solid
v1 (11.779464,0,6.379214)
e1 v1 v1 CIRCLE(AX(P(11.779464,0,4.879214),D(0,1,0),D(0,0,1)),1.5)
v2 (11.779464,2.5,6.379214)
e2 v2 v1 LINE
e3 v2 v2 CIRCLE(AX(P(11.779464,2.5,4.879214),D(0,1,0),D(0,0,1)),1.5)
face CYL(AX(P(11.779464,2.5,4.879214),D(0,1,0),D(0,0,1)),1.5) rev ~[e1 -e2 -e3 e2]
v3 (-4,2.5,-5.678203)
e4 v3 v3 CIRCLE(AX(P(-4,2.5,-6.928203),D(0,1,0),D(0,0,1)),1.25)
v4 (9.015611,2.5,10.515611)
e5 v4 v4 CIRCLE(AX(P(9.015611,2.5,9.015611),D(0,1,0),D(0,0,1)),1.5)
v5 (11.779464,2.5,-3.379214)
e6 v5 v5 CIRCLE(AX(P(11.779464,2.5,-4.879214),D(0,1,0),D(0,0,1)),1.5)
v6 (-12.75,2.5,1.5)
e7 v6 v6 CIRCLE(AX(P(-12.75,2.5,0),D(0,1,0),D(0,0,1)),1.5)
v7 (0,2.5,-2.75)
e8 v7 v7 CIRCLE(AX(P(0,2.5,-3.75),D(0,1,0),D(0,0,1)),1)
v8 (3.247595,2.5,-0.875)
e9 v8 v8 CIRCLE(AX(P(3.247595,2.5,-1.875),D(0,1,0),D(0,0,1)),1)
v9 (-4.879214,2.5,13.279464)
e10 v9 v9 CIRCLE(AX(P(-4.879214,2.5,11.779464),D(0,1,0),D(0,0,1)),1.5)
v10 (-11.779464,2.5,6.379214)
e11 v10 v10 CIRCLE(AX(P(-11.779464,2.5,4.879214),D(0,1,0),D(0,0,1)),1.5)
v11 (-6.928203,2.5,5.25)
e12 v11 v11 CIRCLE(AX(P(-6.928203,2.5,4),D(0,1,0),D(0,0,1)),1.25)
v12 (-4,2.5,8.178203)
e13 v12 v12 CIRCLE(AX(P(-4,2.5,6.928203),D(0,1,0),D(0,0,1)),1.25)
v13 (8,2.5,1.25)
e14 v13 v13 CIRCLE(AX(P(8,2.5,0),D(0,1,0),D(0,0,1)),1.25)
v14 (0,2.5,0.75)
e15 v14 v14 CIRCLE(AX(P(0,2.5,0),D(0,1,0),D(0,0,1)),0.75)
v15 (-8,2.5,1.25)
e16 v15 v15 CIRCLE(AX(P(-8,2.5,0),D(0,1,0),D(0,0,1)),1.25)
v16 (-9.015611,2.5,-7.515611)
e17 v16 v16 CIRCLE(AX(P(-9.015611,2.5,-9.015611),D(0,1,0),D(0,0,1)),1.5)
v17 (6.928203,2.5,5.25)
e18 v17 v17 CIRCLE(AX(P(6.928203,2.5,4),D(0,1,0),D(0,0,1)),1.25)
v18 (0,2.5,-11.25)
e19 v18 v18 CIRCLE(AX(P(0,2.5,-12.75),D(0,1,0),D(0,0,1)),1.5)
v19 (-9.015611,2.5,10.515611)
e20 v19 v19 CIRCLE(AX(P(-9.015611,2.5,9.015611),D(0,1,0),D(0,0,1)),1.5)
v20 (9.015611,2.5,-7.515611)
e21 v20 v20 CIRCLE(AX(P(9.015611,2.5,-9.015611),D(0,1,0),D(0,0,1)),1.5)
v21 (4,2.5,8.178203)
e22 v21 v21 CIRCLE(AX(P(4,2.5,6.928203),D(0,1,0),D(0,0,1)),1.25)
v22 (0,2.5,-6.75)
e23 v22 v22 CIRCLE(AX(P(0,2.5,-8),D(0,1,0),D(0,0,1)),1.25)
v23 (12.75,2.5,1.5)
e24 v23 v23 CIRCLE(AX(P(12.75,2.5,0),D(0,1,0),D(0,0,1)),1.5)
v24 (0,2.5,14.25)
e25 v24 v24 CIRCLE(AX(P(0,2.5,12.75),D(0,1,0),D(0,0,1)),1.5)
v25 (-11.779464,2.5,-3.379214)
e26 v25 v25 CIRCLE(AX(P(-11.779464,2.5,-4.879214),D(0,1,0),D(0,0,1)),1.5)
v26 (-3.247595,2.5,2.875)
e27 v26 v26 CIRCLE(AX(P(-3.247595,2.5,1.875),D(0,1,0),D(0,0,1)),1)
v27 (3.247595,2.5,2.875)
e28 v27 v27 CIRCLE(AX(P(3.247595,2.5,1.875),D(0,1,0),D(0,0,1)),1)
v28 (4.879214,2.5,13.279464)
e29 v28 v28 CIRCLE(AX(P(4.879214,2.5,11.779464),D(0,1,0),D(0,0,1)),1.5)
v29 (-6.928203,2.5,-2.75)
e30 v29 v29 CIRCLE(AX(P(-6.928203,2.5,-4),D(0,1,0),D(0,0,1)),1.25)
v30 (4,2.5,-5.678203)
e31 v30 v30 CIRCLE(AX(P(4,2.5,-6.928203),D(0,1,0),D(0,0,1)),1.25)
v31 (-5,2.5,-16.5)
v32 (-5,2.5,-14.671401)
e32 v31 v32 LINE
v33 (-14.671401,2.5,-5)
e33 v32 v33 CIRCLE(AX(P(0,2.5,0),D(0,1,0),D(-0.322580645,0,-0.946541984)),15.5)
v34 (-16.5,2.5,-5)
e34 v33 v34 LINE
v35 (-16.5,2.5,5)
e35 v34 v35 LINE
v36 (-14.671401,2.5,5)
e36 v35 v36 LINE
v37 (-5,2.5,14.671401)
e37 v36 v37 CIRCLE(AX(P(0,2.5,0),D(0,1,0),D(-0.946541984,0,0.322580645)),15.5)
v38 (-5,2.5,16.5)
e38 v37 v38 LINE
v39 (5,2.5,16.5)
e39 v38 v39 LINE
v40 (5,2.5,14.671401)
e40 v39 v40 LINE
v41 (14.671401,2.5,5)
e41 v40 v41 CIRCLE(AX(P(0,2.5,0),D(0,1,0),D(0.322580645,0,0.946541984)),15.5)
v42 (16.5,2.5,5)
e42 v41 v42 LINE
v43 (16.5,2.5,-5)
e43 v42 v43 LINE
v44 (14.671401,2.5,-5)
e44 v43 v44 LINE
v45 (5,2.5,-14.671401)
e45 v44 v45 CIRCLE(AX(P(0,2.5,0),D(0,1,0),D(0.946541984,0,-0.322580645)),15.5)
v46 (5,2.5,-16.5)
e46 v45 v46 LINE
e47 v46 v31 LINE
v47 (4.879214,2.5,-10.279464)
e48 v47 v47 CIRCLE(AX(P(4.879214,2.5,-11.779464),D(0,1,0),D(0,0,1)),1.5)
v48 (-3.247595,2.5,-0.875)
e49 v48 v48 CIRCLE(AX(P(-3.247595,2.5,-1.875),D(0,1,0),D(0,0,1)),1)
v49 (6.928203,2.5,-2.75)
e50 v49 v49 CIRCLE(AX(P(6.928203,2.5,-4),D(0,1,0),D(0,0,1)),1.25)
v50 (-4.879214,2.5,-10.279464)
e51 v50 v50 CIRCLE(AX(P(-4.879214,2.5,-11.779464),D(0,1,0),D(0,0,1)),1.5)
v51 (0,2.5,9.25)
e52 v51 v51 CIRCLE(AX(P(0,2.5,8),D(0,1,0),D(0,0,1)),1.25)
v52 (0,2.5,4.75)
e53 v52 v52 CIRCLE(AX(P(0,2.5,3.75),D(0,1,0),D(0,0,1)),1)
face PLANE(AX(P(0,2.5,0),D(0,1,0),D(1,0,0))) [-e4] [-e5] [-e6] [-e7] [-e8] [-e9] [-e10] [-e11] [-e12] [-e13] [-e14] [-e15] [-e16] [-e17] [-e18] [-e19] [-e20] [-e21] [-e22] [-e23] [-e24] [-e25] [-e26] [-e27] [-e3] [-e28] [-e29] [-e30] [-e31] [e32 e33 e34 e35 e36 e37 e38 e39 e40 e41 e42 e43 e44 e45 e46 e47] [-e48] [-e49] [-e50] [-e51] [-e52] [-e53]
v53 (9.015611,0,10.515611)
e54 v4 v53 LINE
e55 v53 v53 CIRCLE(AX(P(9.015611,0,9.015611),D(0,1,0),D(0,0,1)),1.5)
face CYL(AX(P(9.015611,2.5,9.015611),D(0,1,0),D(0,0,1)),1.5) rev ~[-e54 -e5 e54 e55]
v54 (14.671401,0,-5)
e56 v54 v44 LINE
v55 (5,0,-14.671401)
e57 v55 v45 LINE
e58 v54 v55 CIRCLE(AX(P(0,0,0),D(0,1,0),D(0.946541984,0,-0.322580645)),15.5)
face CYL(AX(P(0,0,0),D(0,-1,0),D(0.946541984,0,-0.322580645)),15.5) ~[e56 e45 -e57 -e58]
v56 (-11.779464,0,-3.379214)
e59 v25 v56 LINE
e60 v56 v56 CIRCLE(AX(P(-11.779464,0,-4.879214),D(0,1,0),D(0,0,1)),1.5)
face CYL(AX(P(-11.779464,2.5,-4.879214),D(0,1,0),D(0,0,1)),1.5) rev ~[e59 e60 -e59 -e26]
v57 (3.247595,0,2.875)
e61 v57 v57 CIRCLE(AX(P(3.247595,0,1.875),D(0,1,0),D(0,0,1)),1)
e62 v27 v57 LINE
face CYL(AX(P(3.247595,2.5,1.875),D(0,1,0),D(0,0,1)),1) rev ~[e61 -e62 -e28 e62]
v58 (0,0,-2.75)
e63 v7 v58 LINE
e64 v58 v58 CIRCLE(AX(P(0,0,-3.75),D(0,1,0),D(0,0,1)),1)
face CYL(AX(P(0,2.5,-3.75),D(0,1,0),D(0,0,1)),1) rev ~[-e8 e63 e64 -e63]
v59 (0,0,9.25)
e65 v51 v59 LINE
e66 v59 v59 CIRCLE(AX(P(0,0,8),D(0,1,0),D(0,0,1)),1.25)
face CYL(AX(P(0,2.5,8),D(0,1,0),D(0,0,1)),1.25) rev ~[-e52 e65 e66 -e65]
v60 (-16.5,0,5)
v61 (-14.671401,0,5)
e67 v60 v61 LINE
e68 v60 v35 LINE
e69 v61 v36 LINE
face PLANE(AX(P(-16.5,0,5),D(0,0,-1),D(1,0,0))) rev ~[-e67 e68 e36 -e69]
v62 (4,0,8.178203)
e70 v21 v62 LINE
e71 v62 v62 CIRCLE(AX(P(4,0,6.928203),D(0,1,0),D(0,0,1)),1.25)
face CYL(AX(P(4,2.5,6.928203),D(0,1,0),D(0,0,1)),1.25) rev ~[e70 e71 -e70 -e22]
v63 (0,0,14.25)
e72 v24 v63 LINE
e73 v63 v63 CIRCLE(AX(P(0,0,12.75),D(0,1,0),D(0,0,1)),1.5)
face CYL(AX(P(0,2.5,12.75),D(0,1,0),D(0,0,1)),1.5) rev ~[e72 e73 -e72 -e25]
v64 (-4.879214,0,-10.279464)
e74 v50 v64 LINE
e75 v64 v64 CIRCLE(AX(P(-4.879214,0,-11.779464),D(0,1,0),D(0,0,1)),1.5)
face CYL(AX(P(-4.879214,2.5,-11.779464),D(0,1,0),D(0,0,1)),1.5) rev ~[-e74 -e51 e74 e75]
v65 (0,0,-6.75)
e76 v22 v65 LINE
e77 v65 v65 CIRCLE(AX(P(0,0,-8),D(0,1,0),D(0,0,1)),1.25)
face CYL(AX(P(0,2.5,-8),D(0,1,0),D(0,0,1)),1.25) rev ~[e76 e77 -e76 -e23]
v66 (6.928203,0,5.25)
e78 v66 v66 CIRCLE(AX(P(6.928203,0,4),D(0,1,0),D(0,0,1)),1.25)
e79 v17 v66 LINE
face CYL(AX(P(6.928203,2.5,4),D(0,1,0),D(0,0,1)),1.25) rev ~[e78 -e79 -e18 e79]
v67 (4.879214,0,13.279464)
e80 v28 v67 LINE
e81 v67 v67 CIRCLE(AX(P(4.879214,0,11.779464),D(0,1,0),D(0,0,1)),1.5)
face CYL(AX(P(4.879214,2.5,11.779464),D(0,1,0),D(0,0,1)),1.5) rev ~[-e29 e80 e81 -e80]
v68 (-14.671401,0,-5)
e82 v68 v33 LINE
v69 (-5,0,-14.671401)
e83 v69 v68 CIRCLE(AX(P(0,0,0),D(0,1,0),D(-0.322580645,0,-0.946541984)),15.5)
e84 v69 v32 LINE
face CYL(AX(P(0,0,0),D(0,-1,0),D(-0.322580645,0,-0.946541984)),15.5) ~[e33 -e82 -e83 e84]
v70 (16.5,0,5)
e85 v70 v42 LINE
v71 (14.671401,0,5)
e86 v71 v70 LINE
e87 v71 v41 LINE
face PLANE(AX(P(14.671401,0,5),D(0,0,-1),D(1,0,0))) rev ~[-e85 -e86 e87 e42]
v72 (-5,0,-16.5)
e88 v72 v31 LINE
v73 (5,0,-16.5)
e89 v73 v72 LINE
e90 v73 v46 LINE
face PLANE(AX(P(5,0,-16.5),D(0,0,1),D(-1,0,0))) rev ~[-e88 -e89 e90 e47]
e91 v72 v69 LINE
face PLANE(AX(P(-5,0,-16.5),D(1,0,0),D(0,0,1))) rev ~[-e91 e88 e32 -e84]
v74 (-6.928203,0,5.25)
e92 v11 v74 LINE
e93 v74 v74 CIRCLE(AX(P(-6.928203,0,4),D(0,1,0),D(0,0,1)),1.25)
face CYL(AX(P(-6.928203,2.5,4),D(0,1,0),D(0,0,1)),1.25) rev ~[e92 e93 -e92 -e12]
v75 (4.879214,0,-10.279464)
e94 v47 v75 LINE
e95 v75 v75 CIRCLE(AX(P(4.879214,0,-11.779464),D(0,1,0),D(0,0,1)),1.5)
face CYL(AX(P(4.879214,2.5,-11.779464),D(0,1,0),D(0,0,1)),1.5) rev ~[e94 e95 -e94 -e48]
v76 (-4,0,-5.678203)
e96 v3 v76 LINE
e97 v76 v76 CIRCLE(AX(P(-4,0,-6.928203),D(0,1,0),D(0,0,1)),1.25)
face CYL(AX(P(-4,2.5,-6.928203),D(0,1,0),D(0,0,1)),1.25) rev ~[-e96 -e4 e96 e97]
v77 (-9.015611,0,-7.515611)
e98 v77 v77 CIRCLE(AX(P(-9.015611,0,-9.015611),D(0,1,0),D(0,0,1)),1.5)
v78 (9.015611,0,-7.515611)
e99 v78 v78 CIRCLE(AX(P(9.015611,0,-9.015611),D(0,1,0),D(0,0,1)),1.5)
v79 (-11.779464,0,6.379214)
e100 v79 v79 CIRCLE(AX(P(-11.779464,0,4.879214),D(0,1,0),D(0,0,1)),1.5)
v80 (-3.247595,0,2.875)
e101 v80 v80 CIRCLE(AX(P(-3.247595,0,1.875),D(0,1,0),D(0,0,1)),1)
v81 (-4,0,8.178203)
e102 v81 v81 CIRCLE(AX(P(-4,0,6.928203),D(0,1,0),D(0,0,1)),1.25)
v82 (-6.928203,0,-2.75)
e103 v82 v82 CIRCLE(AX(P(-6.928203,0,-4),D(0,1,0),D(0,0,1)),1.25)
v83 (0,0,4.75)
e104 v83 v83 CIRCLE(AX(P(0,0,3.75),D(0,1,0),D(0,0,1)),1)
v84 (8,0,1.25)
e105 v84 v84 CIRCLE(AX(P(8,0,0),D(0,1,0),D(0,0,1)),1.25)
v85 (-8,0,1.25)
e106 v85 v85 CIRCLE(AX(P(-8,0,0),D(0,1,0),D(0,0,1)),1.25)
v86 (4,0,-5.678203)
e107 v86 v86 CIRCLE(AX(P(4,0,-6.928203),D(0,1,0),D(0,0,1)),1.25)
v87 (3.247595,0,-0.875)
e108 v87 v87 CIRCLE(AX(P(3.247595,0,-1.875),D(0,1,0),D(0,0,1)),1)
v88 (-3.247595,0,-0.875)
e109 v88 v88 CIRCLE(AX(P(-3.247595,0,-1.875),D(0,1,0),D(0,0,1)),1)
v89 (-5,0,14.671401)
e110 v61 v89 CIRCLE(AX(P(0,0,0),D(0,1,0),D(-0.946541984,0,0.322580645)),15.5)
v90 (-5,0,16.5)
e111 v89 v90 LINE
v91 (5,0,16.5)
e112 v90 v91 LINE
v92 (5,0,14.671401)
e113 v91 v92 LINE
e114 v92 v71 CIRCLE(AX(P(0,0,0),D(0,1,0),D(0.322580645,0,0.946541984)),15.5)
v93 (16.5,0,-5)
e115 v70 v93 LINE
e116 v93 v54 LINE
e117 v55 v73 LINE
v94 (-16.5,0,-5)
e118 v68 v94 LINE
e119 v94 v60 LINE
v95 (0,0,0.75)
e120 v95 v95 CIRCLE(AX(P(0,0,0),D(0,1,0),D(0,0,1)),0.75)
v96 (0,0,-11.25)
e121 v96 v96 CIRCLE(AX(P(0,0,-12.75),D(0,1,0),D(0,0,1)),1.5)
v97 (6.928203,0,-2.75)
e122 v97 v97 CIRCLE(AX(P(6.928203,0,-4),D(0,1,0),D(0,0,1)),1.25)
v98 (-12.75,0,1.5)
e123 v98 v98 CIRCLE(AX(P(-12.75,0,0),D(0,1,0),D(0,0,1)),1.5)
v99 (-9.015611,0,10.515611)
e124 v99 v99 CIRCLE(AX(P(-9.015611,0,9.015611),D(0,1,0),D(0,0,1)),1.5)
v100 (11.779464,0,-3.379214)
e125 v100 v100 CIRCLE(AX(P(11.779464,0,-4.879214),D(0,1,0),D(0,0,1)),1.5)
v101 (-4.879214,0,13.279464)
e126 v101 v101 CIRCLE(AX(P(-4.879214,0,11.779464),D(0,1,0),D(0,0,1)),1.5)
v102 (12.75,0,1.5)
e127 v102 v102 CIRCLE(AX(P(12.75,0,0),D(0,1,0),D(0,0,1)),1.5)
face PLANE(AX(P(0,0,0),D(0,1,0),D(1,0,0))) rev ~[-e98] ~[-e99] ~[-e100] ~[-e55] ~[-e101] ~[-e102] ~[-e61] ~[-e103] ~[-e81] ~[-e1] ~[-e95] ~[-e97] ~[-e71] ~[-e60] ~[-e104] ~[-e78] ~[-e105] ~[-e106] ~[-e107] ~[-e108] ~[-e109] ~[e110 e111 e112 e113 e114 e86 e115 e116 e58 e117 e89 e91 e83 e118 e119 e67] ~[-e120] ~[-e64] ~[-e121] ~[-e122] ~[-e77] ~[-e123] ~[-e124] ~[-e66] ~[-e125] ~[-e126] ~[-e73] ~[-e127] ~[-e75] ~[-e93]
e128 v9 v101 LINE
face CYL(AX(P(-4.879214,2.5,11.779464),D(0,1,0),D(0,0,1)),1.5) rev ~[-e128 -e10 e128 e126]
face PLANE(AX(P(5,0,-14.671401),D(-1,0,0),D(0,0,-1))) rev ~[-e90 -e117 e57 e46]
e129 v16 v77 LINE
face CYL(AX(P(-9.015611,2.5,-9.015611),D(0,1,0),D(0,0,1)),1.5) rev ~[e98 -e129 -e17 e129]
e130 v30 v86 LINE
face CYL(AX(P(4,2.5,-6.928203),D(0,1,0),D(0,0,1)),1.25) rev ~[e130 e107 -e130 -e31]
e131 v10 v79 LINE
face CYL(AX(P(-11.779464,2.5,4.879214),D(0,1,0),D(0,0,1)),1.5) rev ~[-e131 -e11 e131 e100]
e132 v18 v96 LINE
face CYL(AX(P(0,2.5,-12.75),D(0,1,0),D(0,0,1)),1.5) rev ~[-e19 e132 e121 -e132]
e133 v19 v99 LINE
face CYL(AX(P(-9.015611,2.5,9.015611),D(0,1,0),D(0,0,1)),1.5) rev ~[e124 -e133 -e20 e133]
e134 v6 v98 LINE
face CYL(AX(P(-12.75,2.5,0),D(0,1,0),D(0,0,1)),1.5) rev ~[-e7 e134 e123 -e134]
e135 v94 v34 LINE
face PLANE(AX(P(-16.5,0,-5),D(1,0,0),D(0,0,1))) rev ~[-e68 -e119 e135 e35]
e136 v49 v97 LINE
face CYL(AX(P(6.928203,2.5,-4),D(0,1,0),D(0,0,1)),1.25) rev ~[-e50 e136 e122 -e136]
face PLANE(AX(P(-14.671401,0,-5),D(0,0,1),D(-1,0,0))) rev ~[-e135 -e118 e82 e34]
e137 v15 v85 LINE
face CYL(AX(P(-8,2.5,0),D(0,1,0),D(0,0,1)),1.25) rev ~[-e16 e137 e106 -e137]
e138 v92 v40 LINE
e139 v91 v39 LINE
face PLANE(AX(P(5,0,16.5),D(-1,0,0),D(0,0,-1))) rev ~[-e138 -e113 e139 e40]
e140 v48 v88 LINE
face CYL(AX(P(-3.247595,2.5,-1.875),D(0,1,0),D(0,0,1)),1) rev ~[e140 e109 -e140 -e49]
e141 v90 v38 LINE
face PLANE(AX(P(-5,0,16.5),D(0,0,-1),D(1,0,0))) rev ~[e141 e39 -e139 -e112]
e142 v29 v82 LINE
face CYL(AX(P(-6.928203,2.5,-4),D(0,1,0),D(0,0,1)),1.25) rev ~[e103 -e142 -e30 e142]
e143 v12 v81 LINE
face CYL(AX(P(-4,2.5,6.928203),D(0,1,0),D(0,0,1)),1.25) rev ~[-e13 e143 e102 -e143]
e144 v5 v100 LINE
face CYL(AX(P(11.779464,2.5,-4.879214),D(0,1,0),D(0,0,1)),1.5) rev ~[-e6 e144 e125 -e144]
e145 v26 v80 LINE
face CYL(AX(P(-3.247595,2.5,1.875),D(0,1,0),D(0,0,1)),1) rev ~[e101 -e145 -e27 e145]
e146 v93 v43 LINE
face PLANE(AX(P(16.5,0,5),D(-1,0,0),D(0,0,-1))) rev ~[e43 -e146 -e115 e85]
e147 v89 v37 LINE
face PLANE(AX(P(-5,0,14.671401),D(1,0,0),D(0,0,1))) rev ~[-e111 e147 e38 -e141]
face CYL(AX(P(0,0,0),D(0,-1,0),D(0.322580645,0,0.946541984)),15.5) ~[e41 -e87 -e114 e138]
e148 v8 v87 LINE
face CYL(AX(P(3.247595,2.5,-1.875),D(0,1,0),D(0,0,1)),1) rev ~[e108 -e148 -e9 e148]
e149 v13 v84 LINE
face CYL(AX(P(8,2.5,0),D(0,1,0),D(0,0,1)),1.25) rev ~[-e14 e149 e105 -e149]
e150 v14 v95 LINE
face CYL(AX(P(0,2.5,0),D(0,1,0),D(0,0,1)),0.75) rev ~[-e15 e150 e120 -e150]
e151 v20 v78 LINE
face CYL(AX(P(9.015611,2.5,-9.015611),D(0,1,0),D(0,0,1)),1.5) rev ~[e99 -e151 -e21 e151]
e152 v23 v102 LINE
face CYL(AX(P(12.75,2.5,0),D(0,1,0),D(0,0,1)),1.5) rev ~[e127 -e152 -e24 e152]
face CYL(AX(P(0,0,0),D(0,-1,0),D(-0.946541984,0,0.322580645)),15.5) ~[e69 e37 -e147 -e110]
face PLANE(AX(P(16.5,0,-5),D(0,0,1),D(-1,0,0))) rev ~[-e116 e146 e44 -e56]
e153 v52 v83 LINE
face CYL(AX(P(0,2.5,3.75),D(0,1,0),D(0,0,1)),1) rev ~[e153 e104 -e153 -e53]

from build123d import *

# Parameters (mm, degrees)
SKETCH1_W           = 10
SKETCH1_H           = 10
BOSS_EXTRUDE1_DEPTH = 2.5
SKETCH2_R           = 0.75
SKETCH2_R_2         = 1
SKETCH2_R_3         = 1.25
SKETCH2_R_4         = 1.5
CUT_EXTRUDE1_DEPTH  = 24.468063405


with BuildPart() as part:
    # Sketch1 → Boss-Extrude1 (new body)
    with BuildSketch(Plane(origin=(0, 0, 0), x_dir=(1, 0, 0), z_dir=(0, 1, 0))):
        Rectangle(SKETCH1_W, SKETCH1_H)
        with BuildLine():
            Line((-5, -5), (-5, 5))
            Line((-5, 5), (-14.671400751, 5))
            ThreePointArc((-14.671400751, 5), (-15.5, 0), (-14.671400751, -5))
            Line((-14.671400751, -5), (-5, -5))
        make_face()
        with BuildLine():
            Line((-14.671400751, 5), (-5, 5))
            Line((-5, 5), (-5, 14.671400751))
            ThreePointArc((-5, 14.671400751), (-10.960155108, 10.960155108), (-14.671400751, 5))
        make_face()
        with BuildLine():
            Line((-5, 5), (5, 5))
            Line((5, 5), (5, 14.671400751))
            ThreePointArc((5, 14.671400751), (0, 15.5), (-5, 14.671400751))
            Line((-5, 14.671400751), (-5, 5))
        make_face()
        with BuildLine():
            Line((5, 5), (14.671400751, 5))
            ThreePointArc((14.671400751, 5), (10.960155108, 10.960155108), (5, 14.671400751))
            Line((5, 14.671400751), (5, 5))
        make_face()
        with BuildLine():
            ThreePointArc((15.5, 0), (15.291447146, 2.534096324), (14.671400751, 5))
            Line((14.671400751, 5), (5, 5))
            Line((5, 5), (5, -5))
            Line((5, -5), (14.671400751, -5))
            ThreePointArc((14.671400751, -5), (15.291447146, -2.534096324), (15.5, 0))
        make_face()
        with BuildLine():
            Line((16.5, -5), (16.5, 5))
            Line((16.5, 5), (14.671400751, 5))
            ThreePointArc((14.671400751, 5), (15.291447146, 2.534096324), (15.5, 0))
            ThreePointArc((15.5, 0), (15.291447146, -2.534096324), (14.671400751, -5))
            Line((14.671400751, -5), (16.5, -5))
        make_face()
        with BuildLine():
            ThreePointArc((5, -14.671400751), (10.960155108, -10.960155108), (14.671400751, -5))
            Line((14.671400751, -5), (5, -5))
            Line((5, -5), (5, -14.671400751))
        make_face()
        with BuildLine():
            Line((5, -14.671400751), (5, -5))
            Line((5, -5), (-5, -5))
            Line((-5, -5), (-5, -14.671400751))
            ThreePointArc((-5, -14.671400751), (0, -15.5), (5, -14.671400751))
        make_face()
        with BuildLine():
            Line((-5, -14.671400751), (-5, -5))
            Line((-5, -5), (-14.671400751, -5))
            ThreePointArc((-14.671400751, -5), (-10.960155108, -10.960155108), (-5, -14.671400751))
        make_face()
        with BuildLine():
            ThreePointArc((-14.671400751, -5), (-15.5, 0), (-14.671400751, 5))
            Line((-14.671400751, 5), (-16.5, 5))
            Line((-16.5, 5), (-16.5, -5))
            Line((-16.5, -5), (-14.671400751, -5))
        make_face()
        with BuildLine():
            Line((5, -16.5), (5, -14.671400751))
            ThreePointArc((5, -14.671400751), (0, -15.5), (-5, -14.671400751))
            Line((-5, -14.671400751), (-5, -16.5))
            Line((-5, -16.5), (5, -16.5))
        make_face()
        with BuildLine():
            ThreePointArc((-5, 14.671400751), (0, 15.5), (5, 14.671400751))
            Line((5, 14.671400751), (5, 16.5))
            Line((5, 16.5), (-5, 16.5))
            Line((-5, 16.5), (-5, 14.671400751))
        make_face()
    extrude(amount=BOSS_EXTRUDE1_DEPTH)

    # Sketch2 → Cut-Extrude1 (cut, through all)
    with BuildSketch(Plane(origin=(0, 2.5, 0), x_dir=(1, 0, 0), z_dir=(0, 1, 0))):
        with Locations(Location((0, 0, 0), (0, 0, 270))):
            Circle(SKETCH2_R)
        with Locations(Location((0, 3.75, 0), (0, 0, 270))):
            Circle(SKETCH2_R_2)
        with Locations(Location((0, 8, 0), (0, 0, 270))):
            Circle(SKETCH2_R_3)
        with Locations(Location((0, 12.75, 0), (0, 0, 270))):
            Circle(SKETCH2_R_4)
        with Locations(Location((3.247595264, 1.875, 0), (0, 0, 270))):
            Circle(SKETCH2_R_2)
        with Locations(Location((3.247595264, -1.875, 0), (0, 0, 270))):
            Circle(SKETCH2_R_2)
        with Locations(Location((0, -3.75, 0), (0, 0, 270))):
            Circle(SKETCH2_R_2)
        with Locations(Location((-3.247595264, -1.875, 0), (0, 0, 270))):
            Circle(SKETCH2_R_2)
        with Locations(Location((-3.247595264, 1.875, 0), (0, 0, 270))):
            Circle(SKETCH2_R_2)
        with Locations(Location((4, 6.92820323, 0), (0, 0, 270))):
            Circle(SKETCH2_R_3)
        with Locations(Location((6.92820323, 4, 0), (0, 0, 270))):
            Circle(SKETCH2_R_3)
        with Locations(Location((8, 0, 0), (0, 0, 270))):
            Circle(SKETCH2_R_3)
        with Locations(Location((6.92820323, -4, 0), (0, 0, 270))):
            Circle(SKETCH2_R_3)
        with Locations(Location((4, -6.92820323, 0), (0, 0, 270))):
            Circle(SKETCH2_R_3)
        with Locations(Location((0, -8, 0), (0, 0, 270))):
            Circle(SKETCH2_R_3)
        with Locations(Location((-4, -6.92820323, 0), (0, 0, 270))):
            Circle(SKETCH2_R_3)
        with Locations(Location((-6.92820323, -4, 0), (0, 0, 270))):
            Circle(SKETCH2_R_3)
        with Locations(Location((-8, 0, 0), (0, 0, 270))):
            Circle(SKETCH2_R_3)
        with Locations(Location((-6.92820323, 4, 0), (0, 0, 270))):
            Circle(SKETCH2_R_3)
        with Locations(Location((-4, 6.92820323, 0), (0, 0, 270))):
            Circle(SKETCH2_R_3)
        with Locations(Location((4.879213763, 11.77946404, 0), (0, 0, 270))):
            Circle(SKETCH2_R_4)
        with Locations(Location((9.01561146, 9.01561146, 0), (0, 0, 270))):
            Circle(SKETCH2_R_4)
        with Locations(Location((11.77946404, 4.879213763, 0), (0, 0, 270))):
            Circle(SKETCH2_R_4)
        with Locations(Location((12.75, 0, 0), (0, 0, 270))):
            Circle(SKETCH2_R_4)
        with Locations(Location((11.77946404, -4.879213763, 0), (0, 0, 270))):
            Circle(SKETCH2_R_4)
        with Locations(Location((9.01561146, -9.01561146, 0), (0, 0, 270))):
            Circle(SKETCH2_R_4)
        with Locations(Location((4.879213763, -11.77946404, 0), (0, 0, 270))):
            Circle(SKETCH2_R_4)
        with Locations(Location((0, -12.75, 0), (0, 0, 270))):
            Circle(SKETCH2_R_4)
        with Locations(Location((-4.879213763, -11.77946404, 0), (0, 0, 270))):
            Circle(SKETCH2_R_4)
        with Locations(Location((-9.01561146, -9.01561146, 0), (0, 0, 270))):
            Circle(SKETCH2_R_4)
        with Locations(Location((-11.77946404, -4.879213763, 0), (0, 0, 270))):
            Circle(SKETCH2_R_4)
        with Locations(Location((-12.75, 0, 0), (0, 0, 270))):
            Circle(SKETCH2_R_4)
        with Locations(Location((-11.77946404, 4.879213763, 0), (0, 0, 270))):
            Circle(SKETCH2_R_4)
        with Locations(Location((-9.01561146, 9.01561146, 0), (0, 0, 270))):
            Circle(SKETCH2_R_4)
        with Locations(Location((-4.879213763, 11.77946404, 0), (0, 0, 270))):
            Circle(SKETCH2_R_4)
    extrude(amount=-CUT_EXTRUDE1_DEPTH, mode=Mode.SUBTRACT)


solid = part.part
